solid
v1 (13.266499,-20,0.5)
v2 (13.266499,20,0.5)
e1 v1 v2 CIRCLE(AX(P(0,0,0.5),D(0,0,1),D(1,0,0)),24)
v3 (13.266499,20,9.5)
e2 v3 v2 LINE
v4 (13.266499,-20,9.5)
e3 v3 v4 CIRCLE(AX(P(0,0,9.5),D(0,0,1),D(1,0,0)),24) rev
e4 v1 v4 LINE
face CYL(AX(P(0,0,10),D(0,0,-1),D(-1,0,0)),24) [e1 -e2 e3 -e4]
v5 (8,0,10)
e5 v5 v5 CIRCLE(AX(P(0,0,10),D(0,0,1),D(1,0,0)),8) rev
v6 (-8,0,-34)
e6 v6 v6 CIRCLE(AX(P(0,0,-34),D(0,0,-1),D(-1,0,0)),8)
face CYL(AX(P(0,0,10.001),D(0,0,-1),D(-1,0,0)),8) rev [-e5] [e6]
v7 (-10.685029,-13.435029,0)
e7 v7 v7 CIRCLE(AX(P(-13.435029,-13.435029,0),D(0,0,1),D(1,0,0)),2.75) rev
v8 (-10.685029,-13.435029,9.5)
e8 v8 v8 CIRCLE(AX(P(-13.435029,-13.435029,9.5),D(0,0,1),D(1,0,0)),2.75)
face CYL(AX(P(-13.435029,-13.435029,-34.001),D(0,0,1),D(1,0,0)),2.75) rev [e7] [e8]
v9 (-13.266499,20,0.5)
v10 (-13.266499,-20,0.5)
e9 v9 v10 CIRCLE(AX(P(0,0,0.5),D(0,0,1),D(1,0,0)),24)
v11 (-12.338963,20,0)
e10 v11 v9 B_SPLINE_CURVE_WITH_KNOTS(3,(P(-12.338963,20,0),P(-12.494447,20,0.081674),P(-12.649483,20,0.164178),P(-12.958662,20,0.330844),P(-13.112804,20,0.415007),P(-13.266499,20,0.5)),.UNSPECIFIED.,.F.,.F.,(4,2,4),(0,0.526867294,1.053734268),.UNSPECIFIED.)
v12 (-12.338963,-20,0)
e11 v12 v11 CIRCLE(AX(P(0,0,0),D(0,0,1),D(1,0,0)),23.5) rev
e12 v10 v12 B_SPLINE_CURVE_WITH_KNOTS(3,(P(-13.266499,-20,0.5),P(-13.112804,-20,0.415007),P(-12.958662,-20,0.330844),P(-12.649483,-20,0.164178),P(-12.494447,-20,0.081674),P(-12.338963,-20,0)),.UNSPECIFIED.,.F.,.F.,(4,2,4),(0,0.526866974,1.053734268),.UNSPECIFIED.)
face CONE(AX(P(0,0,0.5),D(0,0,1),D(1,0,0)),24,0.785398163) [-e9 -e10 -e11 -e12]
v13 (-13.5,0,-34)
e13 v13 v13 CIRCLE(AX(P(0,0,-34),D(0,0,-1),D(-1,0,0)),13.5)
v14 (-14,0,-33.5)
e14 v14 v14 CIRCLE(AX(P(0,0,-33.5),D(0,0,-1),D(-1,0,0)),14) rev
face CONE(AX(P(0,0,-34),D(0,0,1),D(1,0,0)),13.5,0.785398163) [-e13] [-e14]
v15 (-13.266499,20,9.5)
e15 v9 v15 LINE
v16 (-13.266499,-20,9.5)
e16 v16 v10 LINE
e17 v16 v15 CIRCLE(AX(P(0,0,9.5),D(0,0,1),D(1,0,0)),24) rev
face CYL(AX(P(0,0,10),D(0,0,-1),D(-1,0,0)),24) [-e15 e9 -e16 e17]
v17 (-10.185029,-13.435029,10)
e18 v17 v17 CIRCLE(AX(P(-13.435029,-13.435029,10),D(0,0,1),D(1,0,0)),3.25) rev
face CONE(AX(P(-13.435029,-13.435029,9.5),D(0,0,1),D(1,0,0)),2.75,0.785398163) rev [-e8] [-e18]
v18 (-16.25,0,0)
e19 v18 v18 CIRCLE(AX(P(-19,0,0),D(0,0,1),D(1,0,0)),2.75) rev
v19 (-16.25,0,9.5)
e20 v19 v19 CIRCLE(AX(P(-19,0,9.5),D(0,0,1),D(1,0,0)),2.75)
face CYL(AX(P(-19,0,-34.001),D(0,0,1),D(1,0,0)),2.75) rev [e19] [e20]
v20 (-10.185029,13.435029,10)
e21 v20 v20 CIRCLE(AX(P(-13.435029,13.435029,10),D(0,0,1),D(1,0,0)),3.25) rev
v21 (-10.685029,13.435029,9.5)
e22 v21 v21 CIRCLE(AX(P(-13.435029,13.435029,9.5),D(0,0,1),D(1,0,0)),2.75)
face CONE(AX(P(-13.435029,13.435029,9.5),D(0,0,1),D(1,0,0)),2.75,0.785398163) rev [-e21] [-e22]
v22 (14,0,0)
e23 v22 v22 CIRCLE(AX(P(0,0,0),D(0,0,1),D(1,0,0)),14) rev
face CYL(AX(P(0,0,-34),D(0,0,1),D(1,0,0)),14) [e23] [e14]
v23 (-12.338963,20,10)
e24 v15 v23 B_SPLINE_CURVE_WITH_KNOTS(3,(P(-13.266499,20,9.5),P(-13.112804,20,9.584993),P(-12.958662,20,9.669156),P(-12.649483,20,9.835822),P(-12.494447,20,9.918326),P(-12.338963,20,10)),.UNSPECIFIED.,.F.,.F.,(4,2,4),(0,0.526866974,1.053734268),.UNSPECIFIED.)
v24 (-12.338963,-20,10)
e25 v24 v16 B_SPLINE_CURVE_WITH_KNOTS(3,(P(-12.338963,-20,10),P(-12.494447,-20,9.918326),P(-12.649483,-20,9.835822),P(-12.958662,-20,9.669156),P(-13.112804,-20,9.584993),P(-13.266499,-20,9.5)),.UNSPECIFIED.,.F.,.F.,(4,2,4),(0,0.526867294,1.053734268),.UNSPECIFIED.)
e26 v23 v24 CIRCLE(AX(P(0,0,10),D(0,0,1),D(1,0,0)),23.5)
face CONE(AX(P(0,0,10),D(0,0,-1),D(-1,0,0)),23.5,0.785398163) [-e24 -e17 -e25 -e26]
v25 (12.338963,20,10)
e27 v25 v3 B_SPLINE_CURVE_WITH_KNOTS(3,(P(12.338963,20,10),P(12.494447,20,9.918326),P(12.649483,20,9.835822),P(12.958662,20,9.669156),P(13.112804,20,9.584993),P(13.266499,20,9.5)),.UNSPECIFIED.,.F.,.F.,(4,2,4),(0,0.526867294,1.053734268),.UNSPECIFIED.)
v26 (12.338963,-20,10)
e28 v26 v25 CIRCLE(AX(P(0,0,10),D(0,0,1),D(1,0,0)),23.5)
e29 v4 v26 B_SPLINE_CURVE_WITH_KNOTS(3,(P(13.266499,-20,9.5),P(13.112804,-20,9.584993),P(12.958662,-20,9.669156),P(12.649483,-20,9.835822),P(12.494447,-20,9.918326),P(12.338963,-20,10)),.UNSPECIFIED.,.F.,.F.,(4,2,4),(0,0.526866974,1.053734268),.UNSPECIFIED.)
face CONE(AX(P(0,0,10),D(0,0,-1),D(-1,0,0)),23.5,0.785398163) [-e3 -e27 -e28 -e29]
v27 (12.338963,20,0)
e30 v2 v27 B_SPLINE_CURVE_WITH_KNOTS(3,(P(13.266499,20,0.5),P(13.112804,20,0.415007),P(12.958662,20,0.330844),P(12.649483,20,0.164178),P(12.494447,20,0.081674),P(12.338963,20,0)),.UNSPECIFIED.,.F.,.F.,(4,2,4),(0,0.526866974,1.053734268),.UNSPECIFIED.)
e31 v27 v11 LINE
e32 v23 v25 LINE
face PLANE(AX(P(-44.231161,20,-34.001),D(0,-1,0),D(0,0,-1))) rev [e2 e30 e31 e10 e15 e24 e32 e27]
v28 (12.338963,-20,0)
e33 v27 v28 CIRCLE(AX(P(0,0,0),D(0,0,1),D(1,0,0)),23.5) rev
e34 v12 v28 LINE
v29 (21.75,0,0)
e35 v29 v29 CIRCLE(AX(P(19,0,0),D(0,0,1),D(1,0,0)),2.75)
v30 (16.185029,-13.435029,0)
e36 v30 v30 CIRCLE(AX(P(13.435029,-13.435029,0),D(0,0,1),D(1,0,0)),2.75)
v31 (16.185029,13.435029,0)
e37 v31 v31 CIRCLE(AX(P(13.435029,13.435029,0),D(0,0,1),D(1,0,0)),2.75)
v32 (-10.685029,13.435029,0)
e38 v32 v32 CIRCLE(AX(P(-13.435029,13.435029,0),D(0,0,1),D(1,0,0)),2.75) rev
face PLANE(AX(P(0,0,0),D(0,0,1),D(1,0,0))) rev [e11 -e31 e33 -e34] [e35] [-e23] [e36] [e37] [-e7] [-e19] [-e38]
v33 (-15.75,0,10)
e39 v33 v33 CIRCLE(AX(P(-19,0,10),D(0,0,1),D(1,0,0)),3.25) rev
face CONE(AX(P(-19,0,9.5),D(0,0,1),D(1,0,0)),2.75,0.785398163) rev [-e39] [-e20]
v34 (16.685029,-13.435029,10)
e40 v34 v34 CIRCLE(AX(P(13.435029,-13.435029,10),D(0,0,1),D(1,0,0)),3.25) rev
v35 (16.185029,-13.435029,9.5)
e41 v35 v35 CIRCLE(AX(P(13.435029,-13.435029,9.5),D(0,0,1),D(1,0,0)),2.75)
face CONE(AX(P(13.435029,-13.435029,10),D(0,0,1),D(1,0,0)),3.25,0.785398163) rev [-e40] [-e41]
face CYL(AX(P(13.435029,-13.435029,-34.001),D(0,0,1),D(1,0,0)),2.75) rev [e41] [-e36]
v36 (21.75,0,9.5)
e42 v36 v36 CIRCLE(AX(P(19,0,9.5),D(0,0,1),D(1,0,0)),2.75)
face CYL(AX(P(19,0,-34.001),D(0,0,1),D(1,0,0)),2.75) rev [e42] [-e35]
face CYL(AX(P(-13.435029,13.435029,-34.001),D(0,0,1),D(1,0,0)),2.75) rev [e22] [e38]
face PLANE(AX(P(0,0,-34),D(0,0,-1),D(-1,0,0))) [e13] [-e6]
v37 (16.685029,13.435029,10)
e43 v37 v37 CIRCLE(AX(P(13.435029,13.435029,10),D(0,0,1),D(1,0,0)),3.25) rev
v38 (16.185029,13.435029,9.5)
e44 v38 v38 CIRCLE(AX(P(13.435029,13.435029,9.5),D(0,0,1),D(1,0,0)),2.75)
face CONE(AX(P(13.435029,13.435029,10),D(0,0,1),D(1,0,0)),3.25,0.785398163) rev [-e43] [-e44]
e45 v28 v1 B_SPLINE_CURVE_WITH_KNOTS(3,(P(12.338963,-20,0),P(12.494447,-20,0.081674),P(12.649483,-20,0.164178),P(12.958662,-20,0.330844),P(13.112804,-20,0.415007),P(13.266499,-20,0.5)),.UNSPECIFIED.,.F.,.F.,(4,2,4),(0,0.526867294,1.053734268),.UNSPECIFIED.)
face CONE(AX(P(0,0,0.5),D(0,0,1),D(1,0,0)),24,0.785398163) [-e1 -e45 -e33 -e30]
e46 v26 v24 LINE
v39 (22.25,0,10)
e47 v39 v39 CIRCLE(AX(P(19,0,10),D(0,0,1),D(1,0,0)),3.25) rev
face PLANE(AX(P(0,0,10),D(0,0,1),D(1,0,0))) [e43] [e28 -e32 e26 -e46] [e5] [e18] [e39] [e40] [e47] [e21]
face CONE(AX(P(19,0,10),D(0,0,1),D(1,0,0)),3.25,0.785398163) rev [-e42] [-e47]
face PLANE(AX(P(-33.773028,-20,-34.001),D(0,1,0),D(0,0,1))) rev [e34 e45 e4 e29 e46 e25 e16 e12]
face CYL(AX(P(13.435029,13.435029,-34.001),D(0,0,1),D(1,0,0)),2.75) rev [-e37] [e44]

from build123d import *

# Parameters (mm, degrees)
SKETCH1_R                = 24
BOSS_EXTRUDE1_DEPTH      = 10
SKETCH2_R                = 14
BOSS_EXTRUDE2_DEPTH      = 34
CUT_EXTRUDE1_REACH       = 46
SKETCH3_W                = 82.684433326
SKETCH3_H                = 23.530230521
SKETCH3_W_2              = 72.226300178
SKETCH3_H_2              = 23.293039824
CUT_EXTRUDE2_REACH       = 46
SKETCH4_R                = 8
SKETCH7_R                = 2.75
CUT_EXTRUDE3_DEPTH       = 10
CHAMFER1_SIZE            = 0.5
CHAMFER1_OF_MIRROR1_SIZE = 0.5
CHAMFER2_SIZE            = 0.5


with BuildPart() as part:
    # Sketch1 → Boss-Extrude1 (new body)
    with BuildSketch(Plane.XY):
        Circle(SKETCH1_R)
    extrude(amount=BOSS_EXTRUDE1_DEPTH)

    # Sketch2 → Boss-Extrude2 (add)
    with BuildSketch(Plane(origin=(0, 0, 0), x_dir=(-1, 0, 0), z_dir=(0, 0, -1))):
        Circle(SKETCH2_R)
    extrude(amount=BOSS_EXTRUDE2_DEPTH)

    # Sketch3 → Cut-Extrude1 (cut, up to next)
    with BuildSketch(Plane.XY.offset(10), mode=Mode.PRIVATE) as cut_extrude1_sk1:
        with Locations((-2.888944578, 31.765115261)):
            Rectangle(SKETCH3_W, SKETCH3_H)
    cut_extrude1_tool1 = extrude(cut_extrude1_sk1.sketch, amount=-CUT_EXTRUDE1_REACH, mode=Mode.PRIVATE) & part.part
    add(cut_extrude1_tool1.solids().sort_by_distance((-2.888945, 31.765115, 10))[0], mode=Mode.SUBTRACT)
    # Sketch3 → Cut-Extrude1 (cut, up to next)
    with BuildSketch(Plane.XY.offset(10), mode=Mode.PRIVATE) as cut_extrude1_sk2:
        with Locations((2.340121996, -31.646519912)):
            Rectangle(SKETCH3_W_2, SKETCH3_H_2)
    cut_extrude1_tool2 = extrude(cut_extrude1_sk2.sketch, amount=-CUT_EXTRUDE1_REACH, mode=Mode.PRIVATE) & part.part
    add(cut_extrude1_tool2.solids().sort_by_distance((2.340122, -31.64652, 10))[0], mode=Mode.SUBTRACT)

    # Sketch4 → Cut-Extrude2 (cut, up to next)
    with BuildSketch(Plane(origin=(0, 0, -34), x_dir=(-1, 0, 0), z_dir=(0, 0, -1)), mode=Mode.PRIVATE) as cut_extrude2_sk1:
        Circle(SKETCH4_R)
    cut_extrude2_tool1 = extrude(cut_extrude2_sk1.sketch, amount=-CUT_EXTRUDE2_REACH, mode=Mode.PRIVATE) & part.part
    add(cut_extrude2_tool1.solids().sort_by_distance((0, 0, -34))[0], mode=Mode.SUBTRACT)

    # Sketch7 → Cut-Extrude3 (cut)
    with BuildSketch(Plane.XY.offset(10)):
        with Locations((-13.435028843, 13.435028843)):
            Circle(SKETCH7_R)
        with Locations((-19, 0)):
            Circle(SKETCH7_R)
        with Locations((-13.435028843, -13.435028843)):
            Circle(SKETCH7_R)
    cut_extrude3 = extrude(amount=-CUT_EXTRUDE3_DEPTH, mode=Mode.SUBTRACT)

    # Chamfer1
    chamfer1_edges = [part.edges().sort_by_distance(p)[0] for p in [
        (-16.185028843, 13.435028843, 10),
        (-21.75, 0, 10),
        (-16.185028843, -13.435028843, 10),
    ]]
    chamfer(chamfer1_edges, length=CHAMFER1_SIZE)

    # Mirror1: Cut-Extrude3 across plane
    add(cut_extrude3.mirror(Plane(origin=(0, 0, 0), x_dir=(0, 0, 1), z_dir=(1, 0, 0))), mode=Mode.SUBTRACT)

    # Chamfer1 of Mirror1
    chamfer1_of_mirror1_edges = [part.edges().sort_by_distance(p)[0] for p in [
        (16.185028843, 13.435028843, 10),
        (21.75, 0, 10),
        (16.185028843, -13.435028843, 10),
    ]]
    chamfer(chamfer1_of_mirror1_edges, length=CHAMFER1_OF_MIRROR1_SIZE)

    # Chamfer2
    chamfer2_edges = [part.edges().sort_by_distance(p)[0] for p in [
        (-24, 0, 0),
        (24, 0, 10),
        (24, 0, 0),
        (14, 0, -34),
        (-24, 0, 10),
    ]]
    chamfer(chamfer2_edges, length=CHAMFER2_SIZE)


solid = part.part
